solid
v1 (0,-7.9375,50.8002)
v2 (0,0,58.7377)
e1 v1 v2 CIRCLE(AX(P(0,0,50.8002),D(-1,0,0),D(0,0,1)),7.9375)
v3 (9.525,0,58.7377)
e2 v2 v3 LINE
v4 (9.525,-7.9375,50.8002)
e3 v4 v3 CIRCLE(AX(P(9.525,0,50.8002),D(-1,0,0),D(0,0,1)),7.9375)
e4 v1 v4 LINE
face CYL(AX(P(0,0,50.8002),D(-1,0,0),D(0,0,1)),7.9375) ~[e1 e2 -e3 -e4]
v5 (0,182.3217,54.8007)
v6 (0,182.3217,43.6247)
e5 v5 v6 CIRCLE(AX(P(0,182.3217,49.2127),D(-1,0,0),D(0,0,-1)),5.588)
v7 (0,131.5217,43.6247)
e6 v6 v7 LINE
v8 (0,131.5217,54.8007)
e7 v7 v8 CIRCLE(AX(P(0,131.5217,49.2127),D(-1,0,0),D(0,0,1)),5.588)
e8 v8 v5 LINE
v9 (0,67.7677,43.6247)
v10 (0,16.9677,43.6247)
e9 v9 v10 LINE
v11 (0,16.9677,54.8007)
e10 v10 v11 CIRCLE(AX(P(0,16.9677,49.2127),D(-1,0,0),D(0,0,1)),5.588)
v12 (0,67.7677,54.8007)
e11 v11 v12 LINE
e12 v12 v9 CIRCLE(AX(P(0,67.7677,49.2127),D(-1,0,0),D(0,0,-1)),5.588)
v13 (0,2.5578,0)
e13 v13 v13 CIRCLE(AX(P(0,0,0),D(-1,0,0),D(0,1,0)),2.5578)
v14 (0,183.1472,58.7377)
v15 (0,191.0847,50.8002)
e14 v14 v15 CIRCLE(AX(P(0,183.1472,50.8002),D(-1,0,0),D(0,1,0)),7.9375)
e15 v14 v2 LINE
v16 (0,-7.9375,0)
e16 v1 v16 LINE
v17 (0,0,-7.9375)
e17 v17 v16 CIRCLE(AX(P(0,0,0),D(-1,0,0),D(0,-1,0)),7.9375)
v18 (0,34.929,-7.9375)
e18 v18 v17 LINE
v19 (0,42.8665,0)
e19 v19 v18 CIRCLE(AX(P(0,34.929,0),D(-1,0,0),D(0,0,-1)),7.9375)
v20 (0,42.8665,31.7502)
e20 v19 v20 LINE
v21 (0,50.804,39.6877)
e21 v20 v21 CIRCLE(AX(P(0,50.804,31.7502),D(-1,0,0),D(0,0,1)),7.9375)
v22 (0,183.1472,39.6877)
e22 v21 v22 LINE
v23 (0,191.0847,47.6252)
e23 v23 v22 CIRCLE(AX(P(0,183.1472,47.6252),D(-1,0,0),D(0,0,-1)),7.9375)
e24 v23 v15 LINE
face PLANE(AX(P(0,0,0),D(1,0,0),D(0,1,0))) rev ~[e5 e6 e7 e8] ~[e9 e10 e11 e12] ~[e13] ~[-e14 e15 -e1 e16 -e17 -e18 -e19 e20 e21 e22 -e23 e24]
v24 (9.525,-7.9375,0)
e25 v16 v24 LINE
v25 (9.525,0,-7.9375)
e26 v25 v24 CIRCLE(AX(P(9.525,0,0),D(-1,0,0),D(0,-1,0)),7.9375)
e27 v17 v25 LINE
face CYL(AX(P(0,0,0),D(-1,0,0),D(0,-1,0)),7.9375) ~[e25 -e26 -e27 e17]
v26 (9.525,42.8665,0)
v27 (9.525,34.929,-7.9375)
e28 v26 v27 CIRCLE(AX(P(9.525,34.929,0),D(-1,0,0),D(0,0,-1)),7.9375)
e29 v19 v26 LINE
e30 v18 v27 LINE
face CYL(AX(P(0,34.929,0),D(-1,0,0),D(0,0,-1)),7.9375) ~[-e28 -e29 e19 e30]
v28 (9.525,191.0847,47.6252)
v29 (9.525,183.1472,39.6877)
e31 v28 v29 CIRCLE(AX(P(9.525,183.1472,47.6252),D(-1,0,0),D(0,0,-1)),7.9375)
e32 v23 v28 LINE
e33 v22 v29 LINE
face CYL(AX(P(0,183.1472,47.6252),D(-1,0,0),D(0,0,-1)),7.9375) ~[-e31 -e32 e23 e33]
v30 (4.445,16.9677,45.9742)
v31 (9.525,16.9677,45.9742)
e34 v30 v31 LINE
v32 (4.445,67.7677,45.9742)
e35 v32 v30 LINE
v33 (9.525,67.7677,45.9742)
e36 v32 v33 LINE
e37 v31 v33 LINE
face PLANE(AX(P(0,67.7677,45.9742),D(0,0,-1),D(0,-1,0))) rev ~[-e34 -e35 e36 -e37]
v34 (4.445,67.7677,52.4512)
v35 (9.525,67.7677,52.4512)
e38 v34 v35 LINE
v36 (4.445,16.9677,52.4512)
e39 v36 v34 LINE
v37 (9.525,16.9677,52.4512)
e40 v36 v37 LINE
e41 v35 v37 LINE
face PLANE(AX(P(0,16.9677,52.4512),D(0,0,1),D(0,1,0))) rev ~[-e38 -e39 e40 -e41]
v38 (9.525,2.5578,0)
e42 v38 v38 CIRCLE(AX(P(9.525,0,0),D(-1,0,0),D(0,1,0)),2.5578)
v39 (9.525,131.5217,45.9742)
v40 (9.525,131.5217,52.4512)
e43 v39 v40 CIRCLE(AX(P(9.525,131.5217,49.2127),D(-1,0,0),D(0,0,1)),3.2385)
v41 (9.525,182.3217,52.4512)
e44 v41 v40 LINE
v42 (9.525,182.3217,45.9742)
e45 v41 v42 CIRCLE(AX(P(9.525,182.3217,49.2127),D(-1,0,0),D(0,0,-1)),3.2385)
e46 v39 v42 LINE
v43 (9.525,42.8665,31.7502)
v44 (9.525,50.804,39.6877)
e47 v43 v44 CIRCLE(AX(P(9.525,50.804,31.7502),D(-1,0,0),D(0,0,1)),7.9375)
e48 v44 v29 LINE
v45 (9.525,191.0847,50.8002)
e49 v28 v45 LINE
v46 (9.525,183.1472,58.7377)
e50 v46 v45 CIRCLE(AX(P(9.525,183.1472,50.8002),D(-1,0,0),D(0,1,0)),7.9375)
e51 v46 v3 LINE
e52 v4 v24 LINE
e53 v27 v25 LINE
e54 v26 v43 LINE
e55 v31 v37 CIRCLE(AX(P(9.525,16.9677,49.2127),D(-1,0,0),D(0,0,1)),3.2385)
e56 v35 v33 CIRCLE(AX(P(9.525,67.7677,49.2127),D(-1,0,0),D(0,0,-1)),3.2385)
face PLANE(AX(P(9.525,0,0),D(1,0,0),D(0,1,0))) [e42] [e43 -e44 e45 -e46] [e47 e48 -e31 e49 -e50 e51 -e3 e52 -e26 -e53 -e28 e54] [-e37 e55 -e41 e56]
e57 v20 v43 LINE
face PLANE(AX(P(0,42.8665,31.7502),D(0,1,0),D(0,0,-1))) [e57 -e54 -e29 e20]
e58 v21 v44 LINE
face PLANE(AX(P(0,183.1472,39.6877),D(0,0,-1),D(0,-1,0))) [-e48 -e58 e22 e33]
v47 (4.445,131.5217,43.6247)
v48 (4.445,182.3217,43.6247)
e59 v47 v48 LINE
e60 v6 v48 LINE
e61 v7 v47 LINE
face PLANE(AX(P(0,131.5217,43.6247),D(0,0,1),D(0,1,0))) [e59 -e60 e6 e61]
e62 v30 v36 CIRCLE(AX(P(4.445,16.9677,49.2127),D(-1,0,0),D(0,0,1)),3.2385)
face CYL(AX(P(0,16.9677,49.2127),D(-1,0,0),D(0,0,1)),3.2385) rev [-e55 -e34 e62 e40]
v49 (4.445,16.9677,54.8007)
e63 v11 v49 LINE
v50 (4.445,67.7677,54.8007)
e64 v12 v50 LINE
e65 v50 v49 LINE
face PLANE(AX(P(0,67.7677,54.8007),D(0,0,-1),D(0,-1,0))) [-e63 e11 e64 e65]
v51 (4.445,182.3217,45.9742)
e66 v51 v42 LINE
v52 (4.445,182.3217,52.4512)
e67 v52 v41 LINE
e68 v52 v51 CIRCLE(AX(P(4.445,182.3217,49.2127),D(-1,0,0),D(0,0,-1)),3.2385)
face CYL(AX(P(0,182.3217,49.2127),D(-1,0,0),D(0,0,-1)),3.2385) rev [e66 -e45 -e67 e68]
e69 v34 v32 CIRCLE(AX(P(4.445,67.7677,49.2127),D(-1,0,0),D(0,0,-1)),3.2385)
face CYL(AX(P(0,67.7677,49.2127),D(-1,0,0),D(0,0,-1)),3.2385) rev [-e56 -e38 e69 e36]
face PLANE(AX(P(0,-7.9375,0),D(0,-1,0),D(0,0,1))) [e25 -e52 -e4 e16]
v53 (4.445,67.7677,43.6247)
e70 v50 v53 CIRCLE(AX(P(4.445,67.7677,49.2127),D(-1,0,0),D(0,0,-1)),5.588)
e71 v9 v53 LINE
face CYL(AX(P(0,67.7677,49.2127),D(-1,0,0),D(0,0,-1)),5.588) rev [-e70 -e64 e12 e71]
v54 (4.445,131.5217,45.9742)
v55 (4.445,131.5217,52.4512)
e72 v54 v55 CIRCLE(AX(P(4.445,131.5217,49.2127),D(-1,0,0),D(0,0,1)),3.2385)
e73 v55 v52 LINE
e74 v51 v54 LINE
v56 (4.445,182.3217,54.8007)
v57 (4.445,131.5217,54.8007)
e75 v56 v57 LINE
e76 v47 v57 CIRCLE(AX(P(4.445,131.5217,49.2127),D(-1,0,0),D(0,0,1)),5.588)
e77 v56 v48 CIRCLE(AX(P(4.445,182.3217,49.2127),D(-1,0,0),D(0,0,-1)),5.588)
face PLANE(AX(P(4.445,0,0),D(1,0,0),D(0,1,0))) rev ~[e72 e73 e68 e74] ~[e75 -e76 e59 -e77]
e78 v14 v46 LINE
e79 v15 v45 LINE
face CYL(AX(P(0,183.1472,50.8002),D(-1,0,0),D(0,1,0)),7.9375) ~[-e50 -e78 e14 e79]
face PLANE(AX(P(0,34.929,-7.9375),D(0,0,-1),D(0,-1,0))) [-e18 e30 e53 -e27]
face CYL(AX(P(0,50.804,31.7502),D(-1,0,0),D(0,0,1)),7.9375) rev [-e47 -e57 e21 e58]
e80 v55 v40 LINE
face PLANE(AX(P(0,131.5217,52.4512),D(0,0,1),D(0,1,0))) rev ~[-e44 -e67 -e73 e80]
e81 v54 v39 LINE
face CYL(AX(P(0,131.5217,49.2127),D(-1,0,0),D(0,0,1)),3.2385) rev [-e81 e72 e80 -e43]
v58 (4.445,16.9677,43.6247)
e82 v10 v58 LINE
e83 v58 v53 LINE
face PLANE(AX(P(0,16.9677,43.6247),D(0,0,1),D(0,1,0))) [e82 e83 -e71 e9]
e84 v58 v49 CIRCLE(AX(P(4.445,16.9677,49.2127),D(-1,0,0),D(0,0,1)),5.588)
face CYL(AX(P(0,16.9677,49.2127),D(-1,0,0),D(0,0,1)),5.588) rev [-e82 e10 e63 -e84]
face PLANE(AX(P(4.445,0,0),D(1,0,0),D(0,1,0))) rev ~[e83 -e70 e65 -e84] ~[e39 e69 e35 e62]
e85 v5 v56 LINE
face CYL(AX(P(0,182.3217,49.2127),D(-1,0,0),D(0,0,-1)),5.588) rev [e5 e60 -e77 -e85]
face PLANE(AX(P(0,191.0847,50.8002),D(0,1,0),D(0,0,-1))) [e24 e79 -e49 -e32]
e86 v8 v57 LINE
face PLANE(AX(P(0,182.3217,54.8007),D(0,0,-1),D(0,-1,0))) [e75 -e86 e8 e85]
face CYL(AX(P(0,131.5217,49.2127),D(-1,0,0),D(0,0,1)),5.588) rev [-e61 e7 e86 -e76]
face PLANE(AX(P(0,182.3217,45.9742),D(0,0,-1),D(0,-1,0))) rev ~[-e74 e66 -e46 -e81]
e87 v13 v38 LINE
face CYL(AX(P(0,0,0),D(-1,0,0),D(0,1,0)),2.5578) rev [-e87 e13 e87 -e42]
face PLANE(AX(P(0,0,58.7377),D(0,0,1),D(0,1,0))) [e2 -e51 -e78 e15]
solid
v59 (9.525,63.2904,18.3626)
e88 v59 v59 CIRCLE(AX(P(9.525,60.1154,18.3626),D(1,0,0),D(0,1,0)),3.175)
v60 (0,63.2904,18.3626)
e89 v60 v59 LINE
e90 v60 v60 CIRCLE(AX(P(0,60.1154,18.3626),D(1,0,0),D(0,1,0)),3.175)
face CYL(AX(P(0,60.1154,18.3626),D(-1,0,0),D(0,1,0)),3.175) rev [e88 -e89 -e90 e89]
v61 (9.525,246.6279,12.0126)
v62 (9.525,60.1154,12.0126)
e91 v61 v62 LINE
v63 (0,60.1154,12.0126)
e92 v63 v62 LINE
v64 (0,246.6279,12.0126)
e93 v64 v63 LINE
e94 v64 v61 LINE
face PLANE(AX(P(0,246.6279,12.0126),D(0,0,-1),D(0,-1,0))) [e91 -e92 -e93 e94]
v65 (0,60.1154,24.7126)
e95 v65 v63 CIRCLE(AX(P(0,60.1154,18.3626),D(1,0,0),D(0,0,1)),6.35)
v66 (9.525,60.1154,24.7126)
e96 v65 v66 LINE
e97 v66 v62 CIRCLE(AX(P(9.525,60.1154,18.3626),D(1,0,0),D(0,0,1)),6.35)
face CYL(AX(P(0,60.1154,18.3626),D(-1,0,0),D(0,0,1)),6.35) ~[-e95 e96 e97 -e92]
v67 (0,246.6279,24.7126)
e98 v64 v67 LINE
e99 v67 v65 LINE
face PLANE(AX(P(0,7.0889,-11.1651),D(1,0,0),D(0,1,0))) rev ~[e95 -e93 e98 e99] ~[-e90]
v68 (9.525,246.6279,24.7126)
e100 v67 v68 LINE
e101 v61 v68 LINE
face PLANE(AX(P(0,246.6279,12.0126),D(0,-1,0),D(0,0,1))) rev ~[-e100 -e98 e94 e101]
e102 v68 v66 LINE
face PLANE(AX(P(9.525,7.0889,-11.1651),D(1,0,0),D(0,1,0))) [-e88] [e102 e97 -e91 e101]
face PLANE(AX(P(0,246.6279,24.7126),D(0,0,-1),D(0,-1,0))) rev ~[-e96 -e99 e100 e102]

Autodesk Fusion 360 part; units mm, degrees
sketch "Sketch1" plane through (0, 0, 0) normal (1, 0, 0) x (0, 1, 0) in component "Arm"
  line L0 (239.539, 35.8777) -> (53.0265, 35.8777)
  line L1 (239.539, 23.1777) -> (239.539, 35.8777)
  line L2 (239.539, 23.1777) -> (53.0265, 23.1777)
  circle A0 centre (53.0265, 29.5277) radius 3.175
  arc A1 (53.0265, 35.8777) -> (53.0265, 23.1777) centre (53.0265, 29.5277) ccw
  point P0 (46.6765, 29.5277)
  dimension "d23" = 12.7
  dimension "d24" = 6.35
  dimension "d25" = 6.35
  dimension "d26" = 192.8625
extrude "Extrude2" add sketch "Sketch1" along normal blind 9.525 makes body 1 in component "Arm"
sketch "Sketch1 (2)" plane through (0, 0, 0) normal (1, 0, 0) x (0, 1, 0) in component "BasePlate"
  line L0 (34.929, -7.9375) -> (0, -7.9375)
  line L1 (42.8665, 31.7502) -> (42.8665, 0)
  arc A0 (50.804, 39.6877) -> (42.8665, 31.7502) centre (50.804, 31.7502) ccw
  line L2 (183.1472, 39.6877) -> (50.804, 39.6877)
  arc A1 (183.1472, 39.6877) -> (191.0847, 47.6252) centre (183.1472, 47.6252) ccw
  line L3 (191.0847, 50.8002) -> (191.0847, 47.6252)
  arc A2 (191.0847, 50.8002) -> (183.1472, 58.7377) centre (183.1472, 50.8002) ccw
  line L4 (0, 58.7377) -> (183.1472, 58.7377)
  line L5 (-7.9375, 0) -> (-7.9375, 50.8002)
  circle A3 centre (0, 0) radius 2.54
  line L6 (16.9677, 43.6247) -> (67.7677, 43.6247)
  arc A4 (16.9677, 54.8007) -> (16.9677, 43.6247) centre (16.9677, 49.2127) ccw
  arc A5 (16.9677, 52.4512) -> (16.9677, 45.9742) centre (16.9677, 49.2127) ccw
  line L7 (16.9677, 52.4512) -> (67.7677, 52.4512)
  line L8 (67.7677, 45.9742) -> (16.9677, 45.9742)
  arc A6 (67.7677, 45.9742) -> (67.7677, 52.4512) centre (67.7677, 49.2127) ccw
  line L9 (67.7677, 54.8007) -> (16.9677, 54.8007)
  arc A7 (67.7677, 43.6247) -> (67.7677, 54.8007) centre (67.7677, 49.2127) ccw
  arc A8 (131.5217, 54.8007) -> (131.5217, 43.6247) centre (131.5217, 49.2127) ccw
  line L10 (131.5217, 43.6247) -> (182.3217, 43.6247)
  arc A9 (182.3217, 43.6247) -> (182.3217, 54.8007) centre (182.3217, 49.2127) ccw
  arc A10 (182.3217, 45.9742) -> (182.3217, 52.4512) centre (182.3217, 49.2127) ccw
  line L11 (131.5217, 52.4512) -> (182.3217, 52.4512)
  line L12 (182.3217, 54.8007) -> (131.5217, 54.8007)
  arc A11 (131.5217, 52.4512) -> (131.5217, 45.9742) centre (131.5217, 49.2127) ccw
  line L13 (182.3217, 45.9742) -> (131.5217, 45.9742)
  arc A12 (0, 58.7377) -> (-7.9375, 50.8002) centre (0, 50.8002) ccw
  arc A13 (-7.9375, 0) -> (0, -7.9375) centre (0, 0) ccw
  arc A14 (34.929, -7.9375) -> (42.8665, 0) centre (34.929, 0) ccw
  line L14 (239.539, 23.1777) -> (239.539, 35.8777)
  dimension "d17" = 66.6752
  dimension "d18" = 50.804
  dimension "d19" = 7.9375
  dimension "d20" = 19.05
  dimension "d21" = 199.0222
  dimension "d27" = 50.8
  dimension "d28" = 50.8
  dimension "d29" = 6.477
  dimension "d30" = 11.176
  dimension "d31" = 5.08
extrude "Extrude3" add sketch "Sketch1 (2)" along normal blind 9.525 separate body contours L0 L1 A0 L2 A1 L3 A2 L4 L5 A12 A13 A14 | L6 A4 L9 A7 | A8 L10 A9 L12 makes body 2 in component "Arm"
extrude "Extrude4" cut sketch "Sketch1 (2)" along normal blind 4.445 contours L6 A4 L9 A7 | A8 L10 A9 L12 bodies 2 in component "Arm"
thread "Thread1" "ANSI Unified Screw Threads 0.25 1/4-20 UNC 3B" major diameter 6.35 minor diameter 5.1156 pitch 1.27 angle 60 resizes the face on face at (6.35, 2.5368, -0.1266) on bodies 2 in component "Arm"
copy_body "CutPasteBodies1" bodies 2 removing the originals makes body 3 in component "BasePlate"
thread "Thread1'" "ANSI Unified Screw Threads 0.25 1/4-20 UNC 3B" major diameter 6.35 minor diameter 5.1156 pitch 1.27 angle 60 resizes the face on face at (3.175, 2.5546, 0.1275) on bodies 3 in component "BasePlate"
component "Arm" placed x (1, 0, 0) y (0, 1, 0) z (0, 0, 1) at (0, 7.0889, -11.1651)
component "BasePlate" placed x (1, 0, 0) y (0, 1, 0) z (0, 0, 1) at (0, 0, 0)
equation "d159_1 = 0.00000 in"
equation "d160_1 = 0.0000 deg"
